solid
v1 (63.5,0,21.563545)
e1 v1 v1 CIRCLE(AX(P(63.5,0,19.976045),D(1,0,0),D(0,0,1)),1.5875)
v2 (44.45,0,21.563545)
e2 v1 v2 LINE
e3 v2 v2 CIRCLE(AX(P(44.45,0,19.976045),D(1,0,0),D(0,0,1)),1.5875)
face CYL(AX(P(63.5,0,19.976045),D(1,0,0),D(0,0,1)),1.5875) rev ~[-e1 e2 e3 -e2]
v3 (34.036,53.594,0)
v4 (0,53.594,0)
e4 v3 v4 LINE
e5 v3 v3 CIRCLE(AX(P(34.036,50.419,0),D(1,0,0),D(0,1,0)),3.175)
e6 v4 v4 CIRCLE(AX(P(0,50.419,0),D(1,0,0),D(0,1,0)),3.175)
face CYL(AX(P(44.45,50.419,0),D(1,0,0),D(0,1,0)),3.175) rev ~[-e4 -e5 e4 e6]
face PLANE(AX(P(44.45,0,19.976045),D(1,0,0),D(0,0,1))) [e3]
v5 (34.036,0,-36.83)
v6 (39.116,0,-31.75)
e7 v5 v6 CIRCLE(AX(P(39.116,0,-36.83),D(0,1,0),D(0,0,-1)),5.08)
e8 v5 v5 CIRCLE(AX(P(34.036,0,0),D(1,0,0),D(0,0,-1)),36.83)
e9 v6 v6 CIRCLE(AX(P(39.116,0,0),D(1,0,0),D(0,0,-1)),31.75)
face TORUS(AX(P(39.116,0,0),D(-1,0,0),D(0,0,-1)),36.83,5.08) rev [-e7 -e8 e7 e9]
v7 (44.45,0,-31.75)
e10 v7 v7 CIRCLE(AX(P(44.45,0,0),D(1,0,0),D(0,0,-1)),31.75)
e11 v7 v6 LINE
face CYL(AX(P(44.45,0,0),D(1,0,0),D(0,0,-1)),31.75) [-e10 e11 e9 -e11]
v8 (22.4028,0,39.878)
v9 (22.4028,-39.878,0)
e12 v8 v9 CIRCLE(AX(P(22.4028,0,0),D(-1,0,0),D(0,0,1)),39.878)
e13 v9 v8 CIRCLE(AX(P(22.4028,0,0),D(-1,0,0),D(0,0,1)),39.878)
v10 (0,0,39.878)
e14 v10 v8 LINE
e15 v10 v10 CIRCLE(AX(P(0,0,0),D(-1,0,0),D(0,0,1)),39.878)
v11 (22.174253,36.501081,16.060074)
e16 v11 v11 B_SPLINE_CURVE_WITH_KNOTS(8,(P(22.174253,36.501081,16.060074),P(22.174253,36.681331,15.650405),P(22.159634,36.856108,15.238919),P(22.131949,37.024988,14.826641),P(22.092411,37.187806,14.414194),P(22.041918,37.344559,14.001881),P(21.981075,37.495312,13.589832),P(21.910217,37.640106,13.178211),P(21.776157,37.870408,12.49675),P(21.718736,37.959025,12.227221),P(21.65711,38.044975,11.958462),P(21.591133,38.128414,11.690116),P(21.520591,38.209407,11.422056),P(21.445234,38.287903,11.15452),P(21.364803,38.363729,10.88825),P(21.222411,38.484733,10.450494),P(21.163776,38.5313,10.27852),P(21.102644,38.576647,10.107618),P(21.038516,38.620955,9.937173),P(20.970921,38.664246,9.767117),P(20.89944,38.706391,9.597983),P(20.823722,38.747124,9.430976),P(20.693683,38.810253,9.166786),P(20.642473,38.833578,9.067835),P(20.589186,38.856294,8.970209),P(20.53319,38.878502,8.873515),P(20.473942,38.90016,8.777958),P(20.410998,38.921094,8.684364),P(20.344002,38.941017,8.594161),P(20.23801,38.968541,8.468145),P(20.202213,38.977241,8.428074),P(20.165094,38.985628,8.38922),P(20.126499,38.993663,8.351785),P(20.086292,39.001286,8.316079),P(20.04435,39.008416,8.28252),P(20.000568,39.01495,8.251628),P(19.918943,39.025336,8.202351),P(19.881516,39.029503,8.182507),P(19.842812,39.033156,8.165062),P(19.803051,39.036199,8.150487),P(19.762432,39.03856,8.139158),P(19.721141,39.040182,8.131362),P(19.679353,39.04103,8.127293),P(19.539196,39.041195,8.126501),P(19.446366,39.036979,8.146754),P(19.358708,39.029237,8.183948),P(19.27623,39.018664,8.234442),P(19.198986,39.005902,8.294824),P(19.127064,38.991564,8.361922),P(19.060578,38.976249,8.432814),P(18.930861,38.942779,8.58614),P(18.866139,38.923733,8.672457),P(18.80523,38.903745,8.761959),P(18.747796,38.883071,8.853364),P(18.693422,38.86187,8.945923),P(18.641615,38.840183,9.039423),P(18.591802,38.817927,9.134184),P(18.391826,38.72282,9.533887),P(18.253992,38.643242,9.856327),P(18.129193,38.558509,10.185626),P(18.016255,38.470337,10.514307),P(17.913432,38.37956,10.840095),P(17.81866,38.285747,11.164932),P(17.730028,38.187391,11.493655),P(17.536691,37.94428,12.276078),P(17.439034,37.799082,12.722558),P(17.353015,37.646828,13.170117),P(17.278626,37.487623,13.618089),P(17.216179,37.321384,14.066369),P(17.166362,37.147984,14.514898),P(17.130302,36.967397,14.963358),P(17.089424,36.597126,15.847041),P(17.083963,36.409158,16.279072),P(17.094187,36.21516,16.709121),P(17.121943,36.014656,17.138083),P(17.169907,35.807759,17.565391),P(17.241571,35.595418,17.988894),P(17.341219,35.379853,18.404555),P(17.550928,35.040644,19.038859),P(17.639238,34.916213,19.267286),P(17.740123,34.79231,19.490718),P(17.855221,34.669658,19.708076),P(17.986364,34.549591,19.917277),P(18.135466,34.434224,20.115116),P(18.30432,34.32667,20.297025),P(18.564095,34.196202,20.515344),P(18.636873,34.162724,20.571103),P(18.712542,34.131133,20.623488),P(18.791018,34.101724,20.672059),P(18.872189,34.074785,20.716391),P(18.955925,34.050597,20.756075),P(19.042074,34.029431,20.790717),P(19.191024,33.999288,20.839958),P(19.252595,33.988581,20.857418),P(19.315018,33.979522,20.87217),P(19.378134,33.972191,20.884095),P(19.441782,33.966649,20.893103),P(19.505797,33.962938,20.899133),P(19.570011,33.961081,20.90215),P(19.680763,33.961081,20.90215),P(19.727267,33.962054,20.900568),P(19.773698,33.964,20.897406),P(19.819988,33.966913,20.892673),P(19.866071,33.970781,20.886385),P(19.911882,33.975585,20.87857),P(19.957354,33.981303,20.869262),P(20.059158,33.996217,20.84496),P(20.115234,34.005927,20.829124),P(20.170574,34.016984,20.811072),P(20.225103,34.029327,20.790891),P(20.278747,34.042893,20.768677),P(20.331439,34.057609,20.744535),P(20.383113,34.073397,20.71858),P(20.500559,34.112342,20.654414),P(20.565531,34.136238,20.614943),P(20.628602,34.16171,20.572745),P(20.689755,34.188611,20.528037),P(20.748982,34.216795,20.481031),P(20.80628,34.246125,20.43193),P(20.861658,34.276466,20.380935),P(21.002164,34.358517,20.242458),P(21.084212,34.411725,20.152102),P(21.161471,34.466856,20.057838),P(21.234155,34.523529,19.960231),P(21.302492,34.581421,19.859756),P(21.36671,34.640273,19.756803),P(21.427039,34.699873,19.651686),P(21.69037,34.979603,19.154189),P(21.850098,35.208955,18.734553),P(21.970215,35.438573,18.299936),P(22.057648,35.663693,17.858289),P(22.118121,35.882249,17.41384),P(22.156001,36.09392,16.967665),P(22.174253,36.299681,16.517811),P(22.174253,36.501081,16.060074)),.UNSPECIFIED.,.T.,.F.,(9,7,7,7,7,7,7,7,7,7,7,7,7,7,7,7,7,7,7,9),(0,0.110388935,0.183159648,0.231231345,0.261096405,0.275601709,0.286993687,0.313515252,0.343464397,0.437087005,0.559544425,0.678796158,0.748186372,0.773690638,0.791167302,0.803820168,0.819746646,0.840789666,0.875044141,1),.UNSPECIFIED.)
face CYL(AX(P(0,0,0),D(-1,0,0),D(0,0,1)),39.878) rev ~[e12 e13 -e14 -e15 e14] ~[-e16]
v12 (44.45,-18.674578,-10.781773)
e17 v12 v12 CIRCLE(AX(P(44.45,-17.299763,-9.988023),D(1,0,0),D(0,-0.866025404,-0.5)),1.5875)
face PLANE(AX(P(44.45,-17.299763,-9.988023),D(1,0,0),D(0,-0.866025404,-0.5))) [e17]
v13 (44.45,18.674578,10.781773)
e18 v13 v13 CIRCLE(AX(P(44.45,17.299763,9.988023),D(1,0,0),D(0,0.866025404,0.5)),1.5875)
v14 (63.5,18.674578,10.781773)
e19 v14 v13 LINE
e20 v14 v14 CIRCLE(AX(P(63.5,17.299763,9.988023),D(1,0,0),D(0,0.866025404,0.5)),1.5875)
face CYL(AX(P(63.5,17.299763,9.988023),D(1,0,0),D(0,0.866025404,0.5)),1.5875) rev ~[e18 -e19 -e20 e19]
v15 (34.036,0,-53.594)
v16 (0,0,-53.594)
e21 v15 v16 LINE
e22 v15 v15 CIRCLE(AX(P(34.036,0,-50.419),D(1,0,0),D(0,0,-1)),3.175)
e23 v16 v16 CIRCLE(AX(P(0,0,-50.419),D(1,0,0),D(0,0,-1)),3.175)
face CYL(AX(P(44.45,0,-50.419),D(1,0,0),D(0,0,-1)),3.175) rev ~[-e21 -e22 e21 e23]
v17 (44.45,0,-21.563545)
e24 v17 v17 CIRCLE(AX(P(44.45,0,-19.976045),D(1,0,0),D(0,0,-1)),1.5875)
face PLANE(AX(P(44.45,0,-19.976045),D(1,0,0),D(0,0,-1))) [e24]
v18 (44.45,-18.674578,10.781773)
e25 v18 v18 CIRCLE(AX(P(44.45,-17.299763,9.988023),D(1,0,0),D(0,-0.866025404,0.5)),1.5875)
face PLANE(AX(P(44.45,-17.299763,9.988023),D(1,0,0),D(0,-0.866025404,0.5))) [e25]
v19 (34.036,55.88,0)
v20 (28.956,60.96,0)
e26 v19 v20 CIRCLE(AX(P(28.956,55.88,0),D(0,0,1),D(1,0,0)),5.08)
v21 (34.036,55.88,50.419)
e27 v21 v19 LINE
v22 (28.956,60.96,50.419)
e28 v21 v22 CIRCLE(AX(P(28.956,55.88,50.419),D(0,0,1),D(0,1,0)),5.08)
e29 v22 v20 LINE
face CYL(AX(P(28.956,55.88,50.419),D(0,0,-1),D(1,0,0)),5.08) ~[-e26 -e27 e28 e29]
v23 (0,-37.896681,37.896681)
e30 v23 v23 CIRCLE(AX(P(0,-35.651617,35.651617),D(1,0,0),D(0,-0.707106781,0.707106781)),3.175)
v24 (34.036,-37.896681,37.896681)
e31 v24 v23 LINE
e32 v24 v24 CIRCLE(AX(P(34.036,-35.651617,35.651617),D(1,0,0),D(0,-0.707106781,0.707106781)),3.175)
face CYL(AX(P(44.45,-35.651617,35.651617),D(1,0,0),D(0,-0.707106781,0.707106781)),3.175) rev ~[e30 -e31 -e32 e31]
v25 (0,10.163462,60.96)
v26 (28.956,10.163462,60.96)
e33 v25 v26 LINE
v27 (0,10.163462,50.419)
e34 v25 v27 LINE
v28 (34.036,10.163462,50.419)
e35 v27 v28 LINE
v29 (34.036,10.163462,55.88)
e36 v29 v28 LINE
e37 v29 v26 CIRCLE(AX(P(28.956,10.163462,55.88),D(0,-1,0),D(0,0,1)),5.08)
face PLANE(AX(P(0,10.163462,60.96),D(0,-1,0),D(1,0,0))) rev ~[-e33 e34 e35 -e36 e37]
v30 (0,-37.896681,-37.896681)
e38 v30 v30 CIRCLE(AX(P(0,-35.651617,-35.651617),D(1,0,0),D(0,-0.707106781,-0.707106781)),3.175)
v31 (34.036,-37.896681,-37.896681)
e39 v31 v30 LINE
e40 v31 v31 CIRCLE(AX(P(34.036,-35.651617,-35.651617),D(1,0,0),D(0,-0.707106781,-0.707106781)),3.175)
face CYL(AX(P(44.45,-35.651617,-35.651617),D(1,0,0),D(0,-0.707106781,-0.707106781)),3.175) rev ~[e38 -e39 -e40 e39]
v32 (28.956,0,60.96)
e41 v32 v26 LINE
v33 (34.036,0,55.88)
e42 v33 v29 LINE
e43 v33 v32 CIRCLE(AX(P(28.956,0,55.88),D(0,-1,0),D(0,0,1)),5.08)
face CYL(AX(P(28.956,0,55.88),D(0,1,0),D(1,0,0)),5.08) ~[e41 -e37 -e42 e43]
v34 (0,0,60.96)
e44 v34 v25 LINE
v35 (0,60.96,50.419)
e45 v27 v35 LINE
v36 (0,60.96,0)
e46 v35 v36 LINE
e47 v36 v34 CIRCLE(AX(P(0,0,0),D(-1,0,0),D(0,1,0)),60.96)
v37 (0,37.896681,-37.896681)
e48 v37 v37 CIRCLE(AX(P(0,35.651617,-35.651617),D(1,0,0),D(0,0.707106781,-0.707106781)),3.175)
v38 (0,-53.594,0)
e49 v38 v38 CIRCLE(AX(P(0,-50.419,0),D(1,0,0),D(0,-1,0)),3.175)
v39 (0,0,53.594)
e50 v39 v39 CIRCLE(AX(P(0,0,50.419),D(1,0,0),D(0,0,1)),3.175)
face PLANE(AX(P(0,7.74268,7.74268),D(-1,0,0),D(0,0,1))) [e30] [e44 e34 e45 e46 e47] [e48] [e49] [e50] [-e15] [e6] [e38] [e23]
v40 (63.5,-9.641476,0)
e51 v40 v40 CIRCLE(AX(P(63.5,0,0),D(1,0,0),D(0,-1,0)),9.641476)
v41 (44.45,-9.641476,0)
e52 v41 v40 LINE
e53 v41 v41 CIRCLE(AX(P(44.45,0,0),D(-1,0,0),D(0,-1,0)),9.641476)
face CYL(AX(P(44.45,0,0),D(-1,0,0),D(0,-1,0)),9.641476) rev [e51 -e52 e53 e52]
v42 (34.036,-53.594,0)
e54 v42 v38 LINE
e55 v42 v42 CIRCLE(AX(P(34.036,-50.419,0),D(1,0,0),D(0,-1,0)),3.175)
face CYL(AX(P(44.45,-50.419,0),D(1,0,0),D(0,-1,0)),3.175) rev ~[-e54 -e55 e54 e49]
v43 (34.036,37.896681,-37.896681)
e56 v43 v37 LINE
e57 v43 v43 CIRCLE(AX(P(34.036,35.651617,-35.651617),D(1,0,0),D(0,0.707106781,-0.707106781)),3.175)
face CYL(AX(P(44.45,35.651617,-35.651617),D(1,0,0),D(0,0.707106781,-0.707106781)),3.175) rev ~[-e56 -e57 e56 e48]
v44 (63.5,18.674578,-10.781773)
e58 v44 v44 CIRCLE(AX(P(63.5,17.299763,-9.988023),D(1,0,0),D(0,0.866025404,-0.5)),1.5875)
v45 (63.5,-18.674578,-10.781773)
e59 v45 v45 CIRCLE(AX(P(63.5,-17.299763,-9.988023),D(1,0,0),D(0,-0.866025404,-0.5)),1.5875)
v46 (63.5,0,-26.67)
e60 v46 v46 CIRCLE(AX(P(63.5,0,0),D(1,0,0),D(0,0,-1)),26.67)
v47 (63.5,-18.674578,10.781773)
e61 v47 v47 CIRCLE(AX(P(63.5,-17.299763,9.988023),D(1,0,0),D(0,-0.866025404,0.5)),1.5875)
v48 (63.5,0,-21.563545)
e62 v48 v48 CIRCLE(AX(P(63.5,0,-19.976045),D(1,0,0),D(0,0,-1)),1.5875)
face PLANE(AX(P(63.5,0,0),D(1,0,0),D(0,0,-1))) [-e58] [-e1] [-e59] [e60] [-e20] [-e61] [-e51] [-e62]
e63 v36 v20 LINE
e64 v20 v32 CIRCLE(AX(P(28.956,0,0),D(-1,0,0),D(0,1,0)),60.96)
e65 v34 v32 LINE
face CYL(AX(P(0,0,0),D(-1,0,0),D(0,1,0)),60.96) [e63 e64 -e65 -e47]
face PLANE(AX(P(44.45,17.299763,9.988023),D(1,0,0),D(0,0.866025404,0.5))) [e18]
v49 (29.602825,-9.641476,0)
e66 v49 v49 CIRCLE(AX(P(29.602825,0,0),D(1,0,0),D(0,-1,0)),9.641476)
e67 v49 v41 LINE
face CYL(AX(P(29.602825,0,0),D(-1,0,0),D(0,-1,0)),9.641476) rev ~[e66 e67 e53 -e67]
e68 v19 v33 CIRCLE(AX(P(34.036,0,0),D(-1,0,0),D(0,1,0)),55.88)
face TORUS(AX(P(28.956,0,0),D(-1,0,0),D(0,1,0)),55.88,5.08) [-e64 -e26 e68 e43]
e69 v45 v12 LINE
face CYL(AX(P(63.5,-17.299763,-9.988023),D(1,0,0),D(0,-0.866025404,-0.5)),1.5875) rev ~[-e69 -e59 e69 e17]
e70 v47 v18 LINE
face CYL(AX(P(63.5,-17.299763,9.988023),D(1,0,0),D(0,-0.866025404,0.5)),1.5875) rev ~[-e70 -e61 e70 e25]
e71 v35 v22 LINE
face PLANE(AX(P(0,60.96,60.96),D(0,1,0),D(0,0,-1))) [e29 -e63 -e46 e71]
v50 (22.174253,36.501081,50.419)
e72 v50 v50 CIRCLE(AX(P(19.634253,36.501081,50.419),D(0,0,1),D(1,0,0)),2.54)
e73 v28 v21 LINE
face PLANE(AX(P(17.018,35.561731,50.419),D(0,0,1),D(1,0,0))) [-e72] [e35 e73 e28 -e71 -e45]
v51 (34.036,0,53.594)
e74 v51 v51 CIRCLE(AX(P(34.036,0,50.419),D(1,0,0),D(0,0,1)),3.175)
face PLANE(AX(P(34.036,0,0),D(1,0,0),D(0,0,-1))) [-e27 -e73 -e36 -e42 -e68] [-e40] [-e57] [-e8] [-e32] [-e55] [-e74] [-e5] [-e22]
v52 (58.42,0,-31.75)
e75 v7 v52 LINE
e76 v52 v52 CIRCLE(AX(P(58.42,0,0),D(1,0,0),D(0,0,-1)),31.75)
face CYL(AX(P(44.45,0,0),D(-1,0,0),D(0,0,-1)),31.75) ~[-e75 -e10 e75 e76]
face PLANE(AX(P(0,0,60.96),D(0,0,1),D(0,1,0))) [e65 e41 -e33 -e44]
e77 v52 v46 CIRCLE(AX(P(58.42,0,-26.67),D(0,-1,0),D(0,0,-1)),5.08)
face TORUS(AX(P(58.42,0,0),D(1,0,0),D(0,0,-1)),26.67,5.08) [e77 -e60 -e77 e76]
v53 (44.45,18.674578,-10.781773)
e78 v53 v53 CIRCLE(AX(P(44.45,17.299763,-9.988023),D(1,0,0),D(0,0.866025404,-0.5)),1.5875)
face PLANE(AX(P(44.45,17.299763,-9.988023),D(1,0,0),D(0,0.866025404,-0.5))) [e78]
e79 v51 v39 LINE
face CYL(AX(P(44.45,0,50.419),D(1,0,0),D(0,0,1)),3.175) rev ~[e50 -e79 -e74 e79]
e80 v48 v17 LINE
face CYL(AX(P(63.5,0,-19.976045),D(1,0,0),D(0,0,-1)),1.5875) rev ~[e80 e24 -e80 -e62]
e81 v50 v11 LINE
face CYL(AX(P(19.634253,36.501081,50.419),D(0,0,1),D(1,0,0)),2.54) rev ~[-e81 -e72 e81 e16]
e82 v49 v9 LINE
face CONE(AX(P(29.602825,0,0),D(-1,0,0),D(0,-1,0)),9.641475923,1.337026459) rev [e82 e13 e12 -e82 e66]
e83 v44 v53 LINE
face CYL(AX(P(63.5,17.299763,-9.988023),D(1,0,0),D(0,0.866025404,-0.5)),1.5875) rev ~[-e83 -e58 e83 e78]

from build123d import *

# Parameters (mm, degrees)
HOUSING_2_DEPTH          = 44.45
SKETCH2_R                = 39.878
IMPELLER_CUT_DEPTH       = 22.4028
SKETCH4_R                = 9.641475923
INLET_CUT_DEPTH          = 19.8628
SKETCH6_R                = 3.175
FASTENER_BORE_DEPTH      = 116.84
FASTENER_PATTERN_COUNT   = 8
SKETCH7_R                = 100.114274451
SKETCH7_R_2              = 31.75
MASS_REDUCTION_CUT_DEPTH = 10.414
FILLET3_R                = 5.08
SKETCH8_W                = 34.036
SKETCH8_H                = 50.796537914
DISCHARGE_CUT_DEPTH      = 10.541
FILLET4_R                = 5.08
SKETCH9_R                = 2.54
DISCHARGE_BORE_DEPTH     = 50.038
SKETCH11_R               = 31.75
SKETCH11_R_2             = 9.641475923
BOSS_EXTRUDE1_DEPTH      = 19.05
SKETCH12_R               = 1.5875
CUT_EXTRUDE1_DEPTH       = 19.05
CIRPATTERN1_COUNT        = 6
FILLET6_R                = 5.08


with BuildPart() as part:
    # Sketch1 → Housing 2 (new body)
    with BuildSketch(Plane(origin=(0, 0, 0), x_dir=(0, 0, -1), z_dir=(1, 0, 0))):
        with BuildLine():
            Line((-60.96, 0), (-60.96, 60.96))
            Line((-60.96, 60.96), (0, 60.96))
            ThreePointArc((0, 60.96), (43.105229381, -43.105229381), (-60.96, 0))
        make_face()
    extrude(amount=HOUSING_2_DEPTH)

    # Sketch2 → Impeller Cut (cut)
    with BuildSketch(Plane.ZY):
        Circle(SKETCH2_R)
    extrude(amount=-IMPELLER_CUT_DEPTH, mode=Mode.SUBTRACT)

    # Sketch3 → Impeller Angle Cut (revolve, cut)
    with BuildSketch(Plane.XY, mode=Mode.PRIVATE) as impeller_angle_cut_sk:
        Polygon((29.602825054, 9.641475923), (22.4028, 39.878), (22.225, 0), (29.602825054, 0), align=None)
    revolve(impeller_angle_cut_sk.sketch.rotate(Axis((22.225, 0, 0), (1, 0, 0)), 180), axis=Axis((22.225, 0, 0), (1, 0, 0)), mode=Mode.SUBTRACT)

    # Sketch4 → Inlet Cut (cut)
    with BuildSketch(Plane.ZY.offset(-29.602825054)):
        with Locations(Location((0, 0, 0), (0, 0, 270))):
            Circle(SKETCH4_R)
    extrude(amount=-INLET_CUT_DEPTH, mode=Mode.SUBTRACT)

    # Sketch6 → Fastener Bore (cut)
    with BuildSketch(Plane(origin=(44.45, 0, 0), x_dir=(0, 0, -1), z_dir=(1, 0, 0))):
        with Locations((50.419, 0)):
            Circle(SKETCH6_R)
    fastener_bore = extrude(amount=-FASTENER_BORE_DEPTH, mode=Mode.SUBTRACT)

    # Fastener Pattern: Fastener Bore ×8 about axis, 1 skipped
    fastener_pattern_axis = Axis((0, 0, 0), (-1, 0, 0))
    add([fastener_bore.rotate(fastener_pattern_axis, i * 360 / FASTENER_PATTERN_COUNT) for i in range(1, FASTENER_PATTERN_COUNT) if i not in (5,)], mode=Mode.SUBTRACT)

    # Sketch7 → Mass Reduction Cut (cut)
    with BuildSketch(Plane(origin=(44.45, 0, 0), x_dir=(0, 0, -1), z_dir=(1, 0, 0))):
        Circle(SKETCH7_R)
        Circle(SKETCH7_R_2, mode=Mode.SUBTRACT)
    extrude(amount=-MASS_REDUCTION_CUT_DEPTH, mode=Mode.SUBTRACT)

    # Fillet3
    fillet3_edges = [part.edges().sort_by_distance(p)[0] for p in [
        (34.036, 0, 31.75),
    ]]
    fillet(fillet3_edges, radius=FILLET3_R)

    # Sketch8 → Discharge Cut (cut)
    with BuildSketch(Plane.XY.offset(60.96)):
        with Locations((17.018, 35.561731043)):
            Rectangle(SKETCH8_W, SKETCH8_H)
    extrude(amount=-DISCHARGE_CUT_DEPTH, mode=Mode.SUBTRACT)

    # Fillet4
    fillet4_edges = [part.edges().sort_by_distance(p)[0] for p in [
        (34.036, 5.081731043, 60.96),
        (34.036, -43.105229381, -43.105229381),
        (34.036, 60.96, 25.2095),
    ]]
    fillet(fillet4_edges, radius=FILLET4_R)

    # Sketch9 → Discharge Bore (cut)
    with BuildSketch(Plane.XY.offset(50.419)):
        with Locations((19.634252654, 36.501080952)):
            Circle(SKETCH9_R)
    extrude(amount=-DISCHARGE_BORE_DEPTH, mode=Mode.SUBTRACT)

    # Sketch11 → Boss-Extrude1 (add)
    with BuildSketch(Plane(origin=(44.45, 0, 0), x_dir=(0, 0, -1), z_dir=(1, 0, 0))):
        Circle(SKETCH11_R)
        with Locations(Location((0, 0, 0), (0, 0, 270))):
            Circle(SKETCH11_R_2, mode=Mode.SUBTRACT)
    extrude(amount=BOSS_EXTRUDE1_DEPTH)

    # Sketch12 → Cut-Extrude1 (cut)
    with BuildSketch(Plane(origin=(63.5, 0, 0), x_dir=(0, 0, -1), z_dir=(1, 0, 0))):
        with Locations((19.976045338, 0)):
            Circle(SKETCH12_R)
    cut_extrude1 = extrude(amount=-CUT_EXTRUDE1_DEPTH, mode=Mode.SUBTRACT)

    # CirPattern1: Cut-Extrude1 ×6 about axis
    cirpattern1_axis = Axis((0, 0, 0), (1, 0, 0))
    for i in range(1, CIRPATTERN1_COUNT):
        add(cut_extrude1.rotate(cirpattern1_axis, i * 360 / CIRPATTERN1_COUNT), mode=Mode.SUBTRACT)

    # Fillet6
    fillet6_edges = [part.edges().sort_by_distance(p)[0] for p in [
        (63.5, 0, 31.75),
    ]]
    fillet(fillet6_edges, radius=FILLET6_R)


solid = part.part
